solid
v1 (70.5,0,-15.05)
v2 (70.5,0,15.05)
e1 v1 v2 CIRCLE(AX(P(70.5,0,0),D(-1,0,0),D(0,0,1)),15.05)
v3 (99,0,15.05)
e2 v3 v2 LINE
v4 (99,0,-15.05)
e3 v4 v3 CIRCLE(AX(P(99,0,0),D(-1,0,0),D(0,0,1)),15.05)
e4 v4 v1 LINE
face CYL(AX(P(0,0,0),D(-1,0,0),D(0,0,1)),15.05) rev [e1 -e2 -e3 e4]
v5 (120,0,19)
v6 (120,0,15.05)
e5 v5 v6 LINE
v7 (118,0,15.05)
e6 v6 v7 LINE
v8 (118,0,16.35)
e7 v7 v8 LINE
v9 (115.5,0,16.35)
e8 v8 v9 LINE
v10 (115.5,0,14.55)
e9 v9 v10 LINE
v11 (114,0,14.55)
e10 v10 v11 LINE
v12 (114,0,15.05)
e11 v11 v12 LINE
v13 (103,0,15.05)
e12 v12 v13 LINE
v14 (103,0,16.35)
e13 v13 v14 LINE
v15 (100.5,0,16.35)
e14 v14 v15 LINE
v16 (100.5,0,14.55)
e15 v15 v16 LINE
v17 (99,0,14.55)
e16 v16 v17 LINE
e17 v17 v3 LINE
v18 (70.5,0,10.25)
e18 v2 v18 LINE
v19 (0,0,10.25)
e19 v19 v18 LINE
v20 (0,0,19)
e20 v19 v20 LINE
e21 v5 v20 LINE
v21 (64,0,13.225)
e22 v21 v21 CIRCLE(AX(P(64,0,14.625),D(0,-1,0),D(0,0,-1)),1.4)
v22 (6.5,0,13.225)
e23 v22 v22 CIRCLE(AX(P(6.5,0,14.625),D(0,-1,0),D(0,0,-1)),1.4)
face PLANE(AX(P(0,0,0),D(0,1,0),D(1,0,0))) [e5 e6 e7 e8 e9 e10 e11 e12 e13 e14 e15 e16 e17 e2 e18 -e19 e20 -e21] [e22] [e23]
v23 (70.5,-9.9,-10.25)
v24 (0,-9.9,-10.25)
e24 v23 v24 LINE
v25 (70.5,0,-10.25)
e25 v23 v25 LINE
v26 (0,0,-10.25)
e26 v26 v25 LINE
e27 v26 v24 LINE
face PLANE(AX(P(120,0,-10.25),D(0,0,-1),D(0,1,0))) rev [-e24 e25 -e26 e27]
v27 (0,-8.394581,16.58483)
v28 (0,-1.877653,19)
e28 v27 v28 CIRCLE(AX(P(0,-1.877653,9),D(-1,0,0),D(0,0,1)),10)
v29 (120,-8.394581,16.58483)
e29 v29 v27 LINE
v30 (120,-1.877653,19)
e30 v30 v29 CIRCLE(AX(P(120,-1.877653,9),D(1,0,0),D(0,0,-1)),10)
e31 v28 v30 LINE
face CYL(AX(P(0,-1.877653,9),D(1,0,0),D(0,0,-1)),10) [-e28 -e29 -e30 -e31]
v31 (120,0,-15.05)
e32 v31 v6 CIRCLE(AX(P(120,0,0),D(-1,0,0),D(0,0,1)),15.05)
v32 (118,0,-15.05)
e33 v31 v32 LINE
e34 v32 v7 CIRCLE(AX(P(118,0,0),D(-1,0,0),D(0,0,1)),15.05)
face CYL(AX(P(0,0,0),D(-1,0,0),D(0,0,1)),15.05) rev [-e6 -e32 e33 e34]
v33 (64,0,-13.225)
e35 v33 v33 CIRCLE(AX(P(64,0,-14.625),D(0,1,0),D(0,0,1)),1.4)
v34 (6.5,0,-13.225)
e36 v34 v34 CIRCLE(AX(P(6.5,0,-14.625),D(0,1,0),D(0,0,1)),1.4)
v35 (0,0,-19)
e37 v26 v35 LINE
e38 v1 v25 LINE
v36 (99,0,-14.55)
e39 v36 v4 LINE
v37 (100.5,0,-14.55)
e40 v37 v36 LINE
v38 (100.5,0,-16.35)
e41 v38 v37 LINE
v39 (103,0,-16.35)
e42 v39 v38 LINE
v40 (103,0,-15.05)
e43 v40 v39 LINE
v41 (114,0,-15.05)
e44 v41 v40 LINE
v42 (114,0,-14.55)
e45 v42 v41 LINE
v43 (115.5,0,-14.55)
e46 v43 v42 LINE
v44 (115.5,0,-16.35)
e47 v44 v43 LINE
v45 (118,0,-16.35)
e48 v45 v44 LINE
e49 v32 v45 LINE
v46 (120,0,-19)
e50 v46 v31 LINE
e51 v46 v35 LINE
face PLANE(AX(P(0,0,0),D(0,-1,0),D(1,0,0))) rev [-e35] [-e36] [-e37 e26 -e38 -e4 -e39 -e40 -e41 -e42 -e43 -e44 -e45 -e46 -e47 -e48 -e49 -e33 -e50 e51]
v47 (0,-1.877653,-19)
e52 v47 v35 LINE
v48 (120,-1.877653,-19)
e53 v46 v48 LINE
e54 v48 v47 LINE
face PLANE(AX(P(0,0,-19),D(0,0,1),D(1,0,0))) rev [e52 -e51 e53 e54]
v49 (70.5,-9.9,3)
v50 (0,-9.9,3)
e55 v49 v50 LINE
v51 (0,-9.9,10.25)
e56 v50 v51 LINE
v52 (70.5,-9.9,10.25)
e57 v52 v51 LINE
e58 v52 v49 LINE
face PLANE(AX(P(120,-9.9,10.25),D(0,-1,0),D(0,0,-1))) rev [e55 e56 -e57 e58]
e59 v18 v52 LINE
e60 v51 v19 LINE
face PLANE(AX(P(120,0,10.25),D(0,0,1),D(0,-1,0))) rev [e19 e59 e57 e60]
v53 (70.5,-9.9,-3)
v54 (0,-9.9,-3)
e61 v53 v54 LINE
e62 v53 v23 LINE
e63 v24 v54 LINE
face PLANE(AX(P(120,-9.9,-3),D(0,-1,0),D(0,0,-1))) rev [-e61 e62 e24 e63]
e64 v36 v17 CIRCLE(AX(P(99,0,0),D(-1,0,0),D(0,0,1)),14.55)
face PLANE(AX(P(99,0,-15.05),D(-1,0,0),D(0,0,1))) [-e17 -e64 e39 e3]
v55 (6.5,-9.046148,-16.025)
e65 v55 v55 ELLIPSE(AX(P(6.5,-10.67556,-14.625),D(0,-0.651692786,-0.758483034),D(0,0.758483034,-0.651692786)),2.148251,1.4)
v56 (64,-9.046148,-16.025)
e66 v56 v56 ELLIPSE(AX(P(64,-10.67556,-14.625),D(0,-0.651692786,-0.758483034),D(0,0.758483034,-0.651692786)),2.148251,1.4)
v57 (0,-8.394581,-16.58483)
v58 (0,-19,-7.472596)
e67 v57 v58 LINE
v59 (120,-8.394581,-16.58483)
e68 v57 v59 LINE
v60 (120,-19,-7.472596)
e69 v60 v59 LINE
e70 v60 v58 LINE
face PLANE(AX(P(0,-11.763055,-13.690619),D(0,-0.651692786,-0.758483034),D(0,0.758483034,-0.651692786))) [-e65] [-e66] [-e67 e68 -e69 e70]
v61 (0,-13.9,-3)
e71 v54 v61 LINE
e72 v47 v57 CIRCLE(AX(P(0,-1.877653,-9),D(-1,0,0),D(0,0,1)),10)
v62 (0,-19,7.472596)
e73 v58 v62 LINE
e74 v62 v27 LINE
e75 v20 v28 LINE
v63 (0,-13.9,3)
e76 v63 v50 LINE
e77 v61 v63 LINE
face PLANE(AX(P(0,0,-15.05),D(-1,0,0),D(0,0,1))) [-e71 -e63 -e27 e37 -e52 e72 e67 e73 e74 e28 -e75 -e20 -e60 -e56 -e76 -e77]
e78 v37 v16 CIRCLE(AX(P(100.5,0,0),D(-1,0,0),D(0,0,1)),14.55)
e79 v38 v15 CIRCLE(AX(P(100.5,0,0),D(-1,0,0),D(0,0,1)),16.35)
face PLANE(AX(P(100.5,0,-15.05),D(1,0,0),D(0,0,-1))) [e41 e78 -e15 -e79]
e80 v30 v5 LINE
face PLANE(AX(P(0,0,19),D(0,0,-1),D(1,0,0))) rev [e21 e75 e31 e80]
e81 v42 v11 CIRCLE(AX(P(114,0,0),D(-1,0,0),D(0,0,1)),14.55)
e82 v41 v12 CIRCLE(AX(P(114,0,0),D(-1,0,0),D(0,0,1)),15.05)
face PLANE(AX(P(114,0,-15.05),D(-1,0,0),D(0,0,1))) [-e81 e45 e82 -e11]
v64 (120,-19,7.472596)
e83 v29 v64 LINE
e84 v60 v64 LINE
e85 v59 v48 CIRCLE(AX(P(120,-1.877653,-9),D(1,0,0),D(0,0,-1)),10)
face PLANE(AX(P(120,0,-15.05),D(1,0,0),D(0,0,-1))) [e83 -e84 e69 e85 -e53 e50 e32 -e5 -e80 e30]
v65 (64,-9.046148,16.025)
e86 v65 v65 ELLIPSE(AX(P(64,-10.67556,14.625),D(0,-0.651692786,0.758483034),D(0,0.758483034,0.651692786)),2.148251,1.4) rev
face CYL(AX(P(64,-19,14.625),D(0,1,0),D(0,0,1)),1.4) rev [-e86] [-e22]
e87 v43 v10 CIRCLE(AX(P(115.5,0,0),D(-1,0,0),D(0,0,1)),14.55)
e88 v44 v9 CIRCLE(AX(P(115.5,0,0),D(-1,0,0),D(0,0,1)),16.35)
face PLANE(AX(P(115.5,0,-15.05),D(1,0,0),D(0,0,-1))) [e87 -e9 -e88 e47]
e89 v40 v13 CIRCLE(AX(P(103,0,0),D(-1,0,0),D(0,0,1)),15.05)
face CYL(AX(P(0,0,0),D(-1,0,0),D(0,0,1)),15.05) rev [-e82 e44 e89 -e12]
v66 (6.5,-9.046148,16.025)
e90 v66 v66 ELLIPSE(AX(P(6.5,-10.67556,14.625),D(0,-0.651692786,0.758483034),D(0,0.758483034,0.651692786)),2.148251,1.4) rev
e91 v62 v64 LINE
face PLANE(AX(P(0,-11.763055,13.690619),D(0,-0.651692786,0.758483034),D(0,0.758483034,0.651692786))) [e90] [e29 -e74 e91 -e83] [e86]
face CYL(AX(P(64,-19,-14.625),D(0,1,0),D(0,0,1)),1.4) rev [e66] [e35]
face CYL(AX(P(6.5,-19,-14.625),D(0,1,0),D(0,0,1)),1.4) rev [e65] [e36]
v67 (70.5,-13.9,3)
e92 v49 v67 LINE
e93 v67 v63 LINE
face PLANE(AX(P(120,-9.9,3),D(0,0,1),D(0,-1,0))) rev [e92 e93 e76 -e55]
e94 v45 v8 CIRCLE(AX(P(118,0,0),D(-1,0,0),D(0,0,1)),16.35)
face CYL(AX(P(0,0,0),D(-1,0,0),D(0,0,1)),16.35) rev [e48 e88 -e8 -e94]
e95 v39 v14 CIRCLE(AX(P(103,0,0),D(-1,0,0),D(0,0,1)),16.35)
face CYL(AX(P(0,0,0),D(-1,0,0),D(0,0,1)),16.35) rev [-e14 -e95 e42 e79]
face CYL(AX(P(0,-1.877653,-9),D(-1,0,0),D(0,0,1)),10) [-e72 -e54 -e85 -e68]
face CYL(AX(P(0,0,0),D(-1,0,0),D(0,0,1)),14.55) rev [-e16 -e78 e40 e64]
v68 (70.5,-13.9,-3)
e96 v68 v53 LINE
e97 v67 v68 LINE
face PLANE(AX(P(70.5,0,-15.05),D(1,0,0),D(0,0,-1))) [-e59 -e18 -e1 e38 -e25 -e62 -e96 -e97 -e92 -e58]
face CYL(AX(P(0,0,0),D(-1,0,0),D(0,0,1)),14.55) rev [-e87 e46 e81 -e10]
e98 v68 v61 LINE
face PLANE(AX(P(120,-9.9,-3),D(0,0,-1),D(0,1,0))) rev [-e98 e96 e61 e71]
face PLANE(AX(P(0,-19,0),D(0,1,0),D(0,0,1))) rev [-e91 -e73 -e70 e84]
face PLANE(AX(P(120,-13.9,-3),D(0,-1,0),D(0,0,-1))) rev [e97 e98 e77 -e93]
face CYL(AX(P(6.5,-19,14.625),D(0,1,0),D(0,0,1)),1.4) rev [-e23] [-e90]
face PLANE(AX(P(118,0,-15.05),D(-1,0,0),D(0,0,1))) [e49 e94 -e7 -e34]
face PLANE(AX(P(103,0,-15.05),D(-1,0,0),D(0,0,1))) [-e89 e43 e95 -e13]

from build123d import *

# Parameters (mm, degrees)
R_VOLUTION1_ANGLE       = 180
ENL_V_START             = -19
ESQUISSE2_W             = 120
ESQUISSE2_H             = 50.1
ENL_V_MAT_EXTRU_1_DEPTH = 10
ESQUISSE3_W             = 146.438377439
ESQUISSE3_H             = 50.311635948
ENL_V_MAT_EXTRU_2_DEPTH = 10
ESQUISSE4_W             = 156.060048108
ESQUISSE4_H             = 43.154210134
ENL_V_MAT_EXTRU_3_DEPTH = 7
CONG_1_R                = 10
ENL_V_MAT_EXTRU_4_DEPTH = 121
ESQUISSE6_R             = 1.4
ENL_V_MAT_EXTRU_5_DEPTH = 20


with BuildPart() as part:
    # Esquisse1 → Révolution1 (revolve, symmetric)
    with BuildSketch(Plane.XY) as r_volution1_sk:
        Polygon((70.5, -15.05), (99, -15.05), (99, -14.55), (100.5, -14.55), (100.5, -15.05), (100.5, -16.35), (103, -16.35), (103, -15.05), (114, -15.05), (114, -14.55), (115.5, -14.55), (115.5, -15.05), (115.5, -16.35), (118, -16.35), (118, -15.05), (120, -15.05), (120, -25.05), (0, -25.05), (0, -15.05), (0, -9.55), (70.5, -9.55), align=None)
    revolve(axis=Axis((0, 0, 0), (1, 0, 0)), revolution_arc=R_VOLUTION1_ANGLE / 2)
    revolve(r_volution1_sk.sketch, axis=Axis((0, 0, 0), (-1, 0, 0)), revolution_arc=R_VOLUTION1_ANGLE / 2)

    # Esquisse2 → Enlèv. mat.-Extru.1 (cut)
    with BuildSketch(Plane(origin=(0, 0, 0), x_dir=(1, 0, 0), z_dir=(0, 1, 0)).offset(ENL_V_START)):
        with Locations((60, 0)):
            Rectangle(ESQUISSE2_W, ESQUISSE2_H)
    extrude(amount=-ENL_V_MAT_EXTRU_1_DEPTH, mode=Mode.SUBTRACT)

    # Esquisse3 → Enlèv. mat.-Extru.2 (cut)
    with BuildSketch(Plane.XY.offset(ENL_V_START)):
        with Locations((56.62202011, -13.21090671)):
            Rectangle(ESQUISSE3_W, ESQUISSE3_H)
    enl_v_mat_extru_2 = extrude(amount=-ENL_V_MAT_EXTRU_2_DEPTH, mode=Mode.SUBTRACT)

    # Esquisse4 → Enlèv. mat.-Extru.3 (cut)
    with BuildSketch(Plane(origin=(0, -16.324904288, -19), x_dir=(-1, 0, 0), z_dir=(0, -0.651692786, -0.758483034))):
        with Locations((-53.986796091, -2.160595236)):
            Rectangle(ESQUISSE4_W, ESQUISSE4_H)
    enl_v_mat_extru_3 = extrude(amount=-ENL_V_MAT_EXTRU_3_DEPTH, mode=Mode.SUBTRACT)

    # Symétrie1: Enlèv. mat.-Extru.2, Enlèv. mat.-Extru.3 across plane
    add(enl_v_mat_extru_2.mirror(Plane.XY), mode=Mode.SUBTRACT)
    add(enl_v_mat_extru_3.mirror(Plane.XY), mode=Mode.SUBTRACT)

    # Congé1
    cong_1_edges = [part.edges().sort_by_distance(p)[0] for p in [
        (60, -5.583646825, 19),
        (60, -5.583646825, -19),
    ]]
    fillet(cong_1_edges, radius=CONG_1_R)

    # Esquisse5 → Enlèv. mat.-Extru.4 (cut, through all)
    with BuildSketch(Plane.ZY):
        Polygon((10.25, 0), (-10.25, 0), (-10.25, -9.9), (-3, -9.9), (-3, -13.9), (3, -13.9), (3, -9.9), (10.25, -9.9), align=None)
    extrude(amount=-ENL_V_MAT_EXTRU_4_DEPTH, mode=Mode.SUBTRACT)

    # Esquisse6 → Enlèv. mat.-Extru.5 (cut, through all)
    with BuildSketch(Plane(origin=(0, 0, 0), x_dir=(1, 0, 0), z_dir=(0, 1, 0))):
        with Locations((6.5, 14.625)):
            Circle(ESQUISSE6_R)
        with Locations((64, 14.625)):
            Circle(ESQUISSE6_R)
    enl_v_mat_extru_5 = extrude(amount=-ENL_V_MAT_EXTRU_5_DEPTH, mode=Mode.SUBTRACT)

    # Symétrie2: Enlèv. mat.-Extru.5 across plane
    add(enl_v_mat_extru_5.mirror(Plane.XY), mode=Mode.SUBTRACT)


solid = part.part
